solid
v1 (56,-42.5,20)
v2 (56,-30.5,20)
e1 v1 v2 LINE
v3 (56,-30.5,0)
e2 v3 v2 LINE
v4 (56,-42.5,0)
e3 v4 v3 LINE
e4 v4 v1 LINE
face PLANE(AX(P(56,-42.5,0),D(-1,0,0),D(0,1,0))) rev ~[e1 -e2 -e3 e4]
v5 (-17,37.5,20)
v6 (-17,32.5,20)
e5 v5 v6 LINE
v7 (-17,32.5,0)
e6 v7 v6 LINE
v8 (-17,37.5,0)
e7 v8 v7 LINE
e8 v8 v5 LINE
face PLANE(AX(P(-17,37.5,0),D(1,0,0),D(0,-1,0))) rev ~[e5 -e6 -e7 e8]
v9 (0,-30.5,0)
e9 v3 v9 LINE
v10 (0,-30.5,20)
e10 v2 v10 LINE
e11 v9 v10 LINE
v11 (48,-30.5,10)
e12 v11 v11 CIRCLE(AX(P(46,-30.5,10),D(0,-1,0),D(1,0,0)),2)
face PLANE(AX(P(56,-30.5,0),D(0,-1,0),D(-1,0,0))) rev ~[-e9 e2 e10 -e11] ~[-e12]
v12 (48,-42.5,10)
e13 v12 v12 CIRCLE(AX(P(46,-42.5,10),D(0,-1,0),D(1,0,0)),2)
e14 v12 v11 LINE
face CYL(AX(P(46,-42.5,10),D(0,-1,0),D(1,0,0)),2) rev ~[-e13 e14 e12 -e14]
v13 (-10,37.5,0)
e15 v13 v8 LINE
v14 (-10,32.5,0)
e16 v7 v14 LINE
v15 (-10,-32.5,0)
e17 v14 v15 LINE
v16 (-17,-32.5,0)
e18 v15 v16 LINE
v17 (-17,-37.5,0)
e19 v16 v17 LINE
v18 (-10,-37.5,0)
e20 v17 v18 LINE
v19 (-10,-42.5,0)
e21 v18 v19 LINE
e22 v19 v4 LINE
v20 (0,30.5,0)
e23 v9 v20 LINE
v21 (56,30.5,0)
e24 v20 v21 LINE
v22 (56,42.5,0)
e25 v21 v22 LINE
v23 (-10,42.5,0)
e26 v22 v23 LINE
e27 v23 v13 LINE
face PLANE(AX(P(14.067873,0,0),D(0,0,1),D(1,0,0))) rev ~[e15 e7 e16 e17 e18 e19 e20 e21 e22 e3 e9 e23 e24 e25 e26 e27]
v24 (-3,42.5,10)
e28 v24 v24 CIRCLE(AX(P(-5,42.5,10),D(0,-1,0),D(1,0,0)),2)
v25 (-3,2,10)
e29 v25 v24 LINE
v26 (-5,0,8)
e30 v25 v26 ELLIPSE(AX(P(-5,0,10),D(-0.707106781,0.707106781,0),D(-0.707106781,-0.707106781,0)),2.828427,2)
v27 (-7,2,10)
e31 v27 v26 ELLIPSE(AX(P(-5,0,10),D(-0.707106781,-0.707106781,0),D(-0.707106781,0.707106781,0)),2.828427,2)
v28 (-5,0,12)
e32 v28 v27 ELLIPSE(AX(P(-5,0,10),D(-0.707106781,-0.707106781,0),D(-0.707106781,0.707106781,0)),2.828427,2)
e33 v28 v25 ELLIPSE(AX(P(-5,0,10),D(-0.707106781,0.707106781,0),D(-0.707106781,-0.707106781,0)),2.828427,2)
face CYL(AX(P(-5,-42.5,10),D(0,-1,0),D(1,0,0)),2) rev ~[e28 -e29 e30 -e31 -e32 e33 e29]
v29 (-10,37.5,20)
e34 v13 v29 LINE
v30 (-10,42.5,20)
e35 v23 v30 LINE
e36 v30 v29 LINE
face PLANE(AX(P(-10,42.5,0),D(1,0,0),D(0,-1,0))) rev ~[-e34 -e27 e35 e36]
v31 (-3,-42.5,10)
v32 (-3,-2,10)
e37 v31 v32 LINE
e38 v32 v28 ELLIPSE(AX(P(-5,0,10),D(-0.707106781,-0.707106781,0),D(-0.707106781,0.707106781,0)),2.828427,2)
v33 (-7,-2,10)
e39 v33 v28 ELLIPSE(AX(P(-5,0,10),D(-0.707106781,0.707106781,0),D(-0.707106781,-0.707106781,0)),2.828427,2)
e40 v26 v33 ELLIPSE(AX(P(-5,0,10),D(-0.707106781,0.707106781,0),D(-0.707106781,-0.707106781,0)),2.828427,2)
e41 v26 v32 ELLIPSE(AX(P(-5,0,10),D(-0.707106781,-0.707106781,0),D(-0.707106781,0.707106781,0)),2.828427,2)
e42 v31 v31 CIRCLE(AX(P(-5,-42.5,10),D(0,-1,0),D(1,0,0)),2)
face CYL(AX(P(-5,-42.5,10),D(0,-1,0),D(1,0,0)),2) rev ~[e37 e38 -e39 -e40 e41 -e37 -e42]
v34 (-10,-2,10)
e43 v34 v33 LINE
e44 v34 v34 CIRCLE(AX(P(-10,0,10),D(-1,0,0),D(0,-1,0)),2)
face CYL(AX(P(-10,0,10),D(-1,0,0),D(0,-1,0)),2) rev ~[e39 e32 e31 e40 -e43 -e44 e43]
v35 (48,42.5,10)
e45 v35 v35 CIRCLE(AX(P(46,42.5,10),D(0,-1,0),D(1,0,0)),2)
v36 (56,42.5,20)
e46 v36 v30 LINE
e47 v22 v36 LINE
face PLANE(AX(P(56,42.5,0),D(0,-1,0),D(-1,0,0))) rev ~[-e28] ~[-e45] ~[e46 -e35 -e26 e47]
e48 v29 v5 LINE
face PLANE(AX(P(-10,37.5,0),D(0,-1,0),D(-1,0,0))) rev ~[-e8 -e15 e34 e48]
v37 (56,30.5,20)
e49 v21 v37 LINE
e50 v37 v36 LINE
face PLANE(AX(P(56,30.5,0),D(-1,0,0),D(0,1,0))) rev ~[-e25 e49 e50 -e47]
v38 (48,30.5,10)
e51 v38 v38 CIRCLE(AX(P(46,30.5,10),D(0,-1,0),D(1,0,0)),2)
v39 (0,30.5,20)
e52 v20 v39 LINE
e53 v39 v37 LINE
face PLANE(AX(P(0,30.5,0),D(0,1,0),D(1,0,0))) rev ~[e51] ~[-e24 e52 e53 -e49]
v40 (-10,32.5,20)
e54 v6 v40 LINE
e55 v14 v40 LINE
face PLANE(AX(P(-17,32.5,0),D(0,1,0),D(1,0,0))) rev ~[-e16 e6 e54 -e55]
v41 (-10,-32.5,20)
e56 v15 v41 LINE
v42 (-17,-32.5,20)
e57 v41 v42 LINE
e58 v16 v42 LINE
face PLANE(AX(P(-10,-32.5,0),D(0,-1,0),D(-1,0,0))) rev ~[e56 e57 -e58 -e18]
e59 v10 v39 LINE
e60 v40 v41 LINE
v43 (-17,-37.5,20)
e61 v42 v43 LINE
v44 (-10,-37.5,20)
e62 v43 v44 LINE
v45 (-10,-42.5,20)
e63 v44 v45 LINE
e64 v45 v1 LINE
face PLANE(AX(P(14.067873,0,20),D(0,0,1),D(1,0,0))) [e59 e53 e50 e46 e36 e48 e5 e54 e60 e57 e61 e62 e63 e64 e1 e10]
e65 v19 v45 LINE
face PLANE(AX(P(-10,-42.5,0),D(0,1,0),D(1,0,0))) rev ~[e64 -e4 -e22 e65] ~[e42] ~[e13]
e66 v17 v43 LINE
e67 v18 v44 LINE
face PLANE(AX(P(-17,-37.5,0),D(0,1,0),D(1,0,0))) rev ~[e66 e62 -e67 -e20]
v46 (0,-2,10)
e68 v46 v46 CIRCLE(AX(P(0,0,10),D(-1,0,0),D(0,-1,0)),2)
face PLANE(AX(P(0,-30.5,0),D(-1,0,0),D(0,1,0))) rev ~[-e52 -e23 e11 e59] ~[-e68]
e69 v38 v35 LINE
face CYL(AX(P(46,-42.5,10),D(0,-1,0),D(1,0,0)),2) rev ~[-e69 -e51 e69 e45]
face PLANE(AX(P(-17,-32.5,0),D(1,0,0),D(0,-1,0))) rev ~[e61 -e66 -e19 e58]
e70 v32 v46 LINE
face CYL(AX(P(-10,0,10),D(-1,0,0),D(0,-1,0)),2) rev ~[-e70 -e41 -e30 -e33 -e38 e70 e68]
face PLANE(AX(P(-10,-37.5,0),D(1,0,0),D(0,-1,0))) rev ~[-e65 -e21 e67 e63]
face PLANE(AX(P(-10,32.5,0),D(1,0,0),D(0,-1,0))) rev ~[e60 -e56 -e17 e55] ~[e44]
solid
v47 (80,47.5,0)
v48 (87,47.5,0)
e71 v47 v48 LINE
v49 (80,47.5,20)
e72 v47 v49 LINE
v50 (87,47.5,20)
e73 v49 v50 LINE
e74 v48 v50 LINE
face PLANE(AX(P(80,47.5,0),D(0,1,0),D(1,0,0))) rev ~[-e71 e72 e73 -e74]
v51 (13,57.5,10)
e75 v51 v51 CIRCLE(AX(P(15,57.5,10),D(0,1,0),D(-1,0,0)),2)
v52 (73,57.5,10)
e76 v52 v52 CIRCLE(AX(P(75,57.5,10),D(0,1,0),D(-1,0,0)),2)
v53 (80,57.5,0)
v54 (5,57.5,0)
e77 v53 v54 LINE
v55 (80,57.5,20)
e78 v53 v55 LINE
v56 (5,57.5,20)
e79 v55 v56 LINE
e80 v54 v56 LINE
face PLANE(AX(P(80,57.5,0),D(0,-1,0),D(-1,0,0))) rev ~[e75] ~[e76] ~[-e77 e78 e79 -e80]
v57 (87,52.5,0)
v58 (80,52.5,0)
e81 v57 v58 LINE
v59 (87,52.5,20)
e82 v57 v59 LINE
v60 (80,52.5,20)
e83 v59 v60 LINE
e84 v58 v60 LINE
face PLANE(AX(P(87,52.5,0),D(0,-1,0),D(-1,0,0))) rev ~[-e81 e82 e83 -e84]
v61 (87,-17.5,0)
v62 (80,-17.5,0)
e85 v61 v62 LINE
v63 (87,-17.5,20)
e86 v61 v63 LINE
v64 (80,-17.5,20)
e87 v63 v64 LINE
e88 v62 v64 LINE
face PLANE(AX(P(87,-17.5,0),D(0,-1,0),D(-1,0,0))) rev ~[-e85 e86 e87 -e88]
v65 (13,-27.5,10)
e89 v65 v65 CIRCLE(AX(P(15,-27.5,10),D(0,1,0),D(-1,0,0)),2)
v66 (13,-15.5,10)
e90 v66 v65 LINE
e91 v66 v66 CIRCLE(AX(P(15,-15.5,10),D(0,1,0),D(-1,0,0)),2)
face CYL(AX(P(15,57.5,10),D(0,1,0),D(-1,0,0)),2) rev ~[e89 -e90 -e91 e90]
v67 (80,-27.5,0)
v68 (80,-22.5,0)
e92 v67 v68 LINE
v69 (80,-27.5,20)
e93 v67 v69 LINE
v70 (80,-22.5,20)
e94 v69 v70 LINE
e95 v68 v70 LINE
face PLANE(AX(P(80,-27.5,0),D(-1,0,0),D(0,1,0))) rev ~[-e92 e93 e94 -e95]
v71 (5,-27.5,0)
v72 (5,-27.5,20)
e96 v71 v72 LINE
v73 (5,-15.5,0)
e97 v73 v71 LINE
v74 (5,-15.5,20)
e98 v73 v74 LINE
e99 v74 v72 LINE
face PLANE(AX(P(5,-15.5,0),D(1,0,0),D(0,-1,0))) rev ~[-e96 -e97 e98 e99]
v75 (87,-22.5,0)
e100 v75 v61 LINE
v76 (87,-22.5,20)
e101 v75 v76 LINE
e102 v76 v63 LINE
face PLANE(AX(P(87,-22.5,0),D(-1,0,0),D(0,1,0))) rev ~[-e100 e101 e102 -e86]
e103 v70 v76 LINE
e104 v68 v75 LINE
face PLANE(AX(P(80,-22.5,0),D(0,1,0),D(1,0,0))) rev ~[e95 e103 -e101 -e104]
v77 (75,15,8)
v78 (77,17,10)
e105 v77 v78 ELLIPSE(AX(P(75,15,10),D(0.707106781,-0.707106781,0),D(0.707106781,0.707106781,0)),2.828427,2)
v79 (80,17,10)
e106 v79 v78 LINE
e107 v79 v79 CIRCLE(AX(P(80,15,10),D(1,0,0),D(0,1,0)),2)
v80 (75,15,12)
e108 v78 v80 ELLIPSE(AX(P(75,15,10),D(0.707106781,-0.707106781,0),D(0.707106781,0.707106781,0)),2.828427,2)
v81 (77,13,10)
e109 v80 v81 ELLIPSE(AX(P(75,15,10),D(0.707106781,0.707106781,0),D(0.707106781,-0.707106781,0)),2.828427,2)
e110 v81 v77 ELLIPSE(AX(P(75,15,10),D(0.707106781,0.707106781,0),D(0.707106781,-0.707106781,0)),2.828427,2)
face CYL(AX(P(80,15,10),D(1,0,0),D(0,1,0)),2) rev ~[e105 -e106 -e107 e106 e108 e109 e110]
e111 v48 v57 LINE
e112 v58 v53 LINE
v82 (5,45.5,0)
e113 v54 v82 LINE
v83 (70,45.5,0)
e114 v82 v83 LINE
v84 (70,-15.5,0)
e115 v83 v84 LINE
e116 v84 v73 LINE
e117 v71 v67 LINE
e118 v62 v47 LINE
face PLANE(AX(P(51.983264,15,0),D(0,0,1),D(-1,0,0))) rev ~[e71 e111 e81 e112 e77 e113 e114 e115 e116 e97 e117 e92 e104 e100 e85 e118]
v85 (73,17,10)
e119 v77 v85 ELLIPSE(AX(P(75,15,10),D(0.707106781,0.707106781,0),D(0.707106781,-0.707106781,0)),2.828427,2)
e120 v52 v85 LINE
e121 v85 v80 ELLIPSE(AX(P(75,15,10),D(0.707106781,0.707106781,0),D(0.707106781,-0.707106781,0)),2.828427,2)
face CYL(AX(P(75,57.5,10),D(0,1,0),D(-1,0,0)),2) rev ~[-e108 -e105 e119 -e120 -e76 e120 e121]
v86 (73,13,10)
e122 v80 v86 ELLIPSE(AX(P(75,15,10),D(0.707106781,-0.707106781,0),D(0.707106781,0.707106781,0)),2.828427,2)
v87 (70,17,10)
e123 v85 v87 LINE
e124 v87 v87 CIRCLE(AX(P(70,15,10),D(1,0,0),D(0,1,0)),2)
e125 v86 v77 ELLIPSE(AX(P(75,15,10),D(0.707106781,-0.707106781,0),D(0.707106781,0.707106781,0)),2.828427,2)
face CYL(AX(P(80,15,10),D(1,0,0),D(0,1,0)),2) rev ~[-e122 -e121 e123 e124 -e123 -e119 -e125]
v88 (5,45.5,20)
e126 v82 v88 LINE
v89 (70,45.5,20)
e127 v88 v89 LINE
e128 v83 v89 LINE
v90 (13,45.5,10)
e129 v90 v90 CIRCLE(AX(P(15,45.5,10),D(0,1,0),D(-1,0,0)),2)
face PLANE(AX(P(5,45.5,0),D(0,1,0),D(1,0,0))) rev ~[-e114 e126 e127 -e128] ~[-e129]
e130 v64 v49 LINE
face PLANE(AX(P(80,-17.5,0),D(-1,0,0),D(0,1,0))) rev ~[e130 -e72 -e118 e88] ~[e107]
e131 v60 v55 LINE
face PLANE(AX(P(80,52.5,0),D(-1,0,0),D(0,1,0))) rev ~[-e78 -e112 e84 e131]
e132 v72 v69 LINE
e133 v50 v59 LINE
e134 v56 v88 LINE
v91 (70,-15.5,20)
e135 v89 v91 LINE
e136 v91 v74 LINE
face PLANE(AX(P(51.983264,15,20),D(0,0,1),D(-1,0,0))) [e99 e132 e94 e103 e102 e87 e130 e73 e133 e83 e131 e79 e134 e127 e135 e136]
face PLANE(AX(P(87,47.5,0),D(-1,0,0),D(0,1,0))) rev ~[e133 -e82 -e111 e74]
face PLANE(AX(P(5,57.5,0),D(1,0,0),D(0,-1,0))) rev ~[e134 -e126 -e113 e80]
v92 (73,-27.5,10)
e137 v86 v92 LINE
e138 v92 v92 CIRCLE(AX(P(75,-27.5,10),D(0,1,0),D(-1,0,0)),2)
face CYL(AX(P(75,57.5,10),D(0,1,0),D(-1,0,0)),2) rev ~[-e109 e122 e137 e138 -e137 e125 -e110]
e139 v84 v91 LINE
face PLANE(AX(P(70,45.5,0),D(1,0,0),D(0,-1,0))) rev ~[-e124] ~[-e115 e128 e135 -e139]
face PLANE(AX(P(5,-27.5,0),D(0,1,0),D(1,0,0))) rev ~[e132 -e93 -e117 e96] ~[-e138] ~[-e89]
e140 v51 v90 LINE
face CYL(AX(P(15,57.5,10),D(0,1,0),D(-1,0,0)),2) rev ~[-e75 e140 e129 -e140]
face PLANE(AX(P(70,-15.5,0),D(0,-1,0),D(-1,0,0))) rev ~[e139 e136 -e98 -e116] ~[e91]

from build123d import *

# Parameters (mm, degrees)
PAD_DEPTH       = 20
SKETCH004_R     = 2
POCKET002_DEPTH = 66.001
SKETCH005_R     = 2
POCKET003_DEPTH = 85.001
PAD001_DEPTH    = 20
SKETCH007_R     = 2
POCKET004_DEPTH = 75.001
SKETCH008_R     = 2
POCKET005_DEPTH = 85.001


with BuildPart() as soporte_agujero_superior_lateral:
    # Sketch → Pad (new body)
    with BuildSketch(Plane.XY):
        Polygon((-10, -42.5), (56, -42.5), (56, -30.5), (0, -30.5), (0, 30.5), (56, 30.5), (56, 42.5), (-10, 42.5), (-10, 37.5), (-17, 37.5), (-17, 32.5), (-10, 32.5), (-10, -32.5), (-17, -32.5), (-17, -37.5), (-10, -37.5), align=None)
    extrude(amount=PAD_DEPTH)

    # Sketch004 → Pocket002 (cut, through all)
    with BuildSketch(Plane(origin=(-10, 0, 0), x_dir=(0, -1, 0), z_dir=(-1, 0, 0))):
        with Locations((0, 10)):
            Circle(SKETCH004_R)
    extrude(amount=-POCKET002_DEPTH, mode=Mode.SUBTRACT)

    # Sketch005 → Pocket003 (cut, through all)
    with BuildSketch(Plane.XZ.offset(42.5)):
        with Locations((-5, 10)):
            Circle(SKETCH005_R)
        with Locations((46, 10)):
            Circle(SKETCH005_R)
    extrude(amount=-POCKET003_DEPTH, mode=Mode.SUBTRACT)


with BuildPart() as soporte_agujero_superior_lateral001:
    # Sketch006 → Pad001 (new body)
    with BuildSketch(Plane(origin=(70, 15, 0), x_dir=(-1, 0, 0), z_dir=(0, 0, 1))):
        Polygon((-10, -42.5), (65, -42.5), (65, -30.5), (0, -30.5), (0, 30.5), (65, 30.5), (65, 42.5), (-10, 42.5), (-10, 37.5), (-17, 37.5), (-17, 32.5), (-10, 32.5), (-10, -32.5), (-17, -32.5), (-17, -37.5), (-10, -37.5), align=None)
    extrude(amount=PAD001_DEPTH)

    # Sketch007 → Pocket004 (cut, through all)
    with BuildSketch(Plane(origin=(80, 15, 0), x_dir=(0, 1, 0), z_dir=(1, 0, 0))):
        with Locations((0, 10)):
            Circle(SKETCH007_R)
    extrude(amount=-POCKET004_DEPTH, mode=Mode.SUBTRACT)

    # Sketch008 → Pocket005 (cut, through all)
    with BuildSketch(Plane(origin=(70, 57.5, 0), x_dir=(-1, 0, 0), z_dir=(0, 1, 0))):
        with Locations((-5, 10)):
            Circle(SKETCH008_R)
        with Locations((55, 10)):
            Circle(SKETCH008_R)
    extrude(amount=-POCKET005_DEPTH, mode=Mode.SUBTRACT)


solid = Compound([soporte_agujero_superior_lateral.part, soporte_agujero_superior_lateral001.part])
